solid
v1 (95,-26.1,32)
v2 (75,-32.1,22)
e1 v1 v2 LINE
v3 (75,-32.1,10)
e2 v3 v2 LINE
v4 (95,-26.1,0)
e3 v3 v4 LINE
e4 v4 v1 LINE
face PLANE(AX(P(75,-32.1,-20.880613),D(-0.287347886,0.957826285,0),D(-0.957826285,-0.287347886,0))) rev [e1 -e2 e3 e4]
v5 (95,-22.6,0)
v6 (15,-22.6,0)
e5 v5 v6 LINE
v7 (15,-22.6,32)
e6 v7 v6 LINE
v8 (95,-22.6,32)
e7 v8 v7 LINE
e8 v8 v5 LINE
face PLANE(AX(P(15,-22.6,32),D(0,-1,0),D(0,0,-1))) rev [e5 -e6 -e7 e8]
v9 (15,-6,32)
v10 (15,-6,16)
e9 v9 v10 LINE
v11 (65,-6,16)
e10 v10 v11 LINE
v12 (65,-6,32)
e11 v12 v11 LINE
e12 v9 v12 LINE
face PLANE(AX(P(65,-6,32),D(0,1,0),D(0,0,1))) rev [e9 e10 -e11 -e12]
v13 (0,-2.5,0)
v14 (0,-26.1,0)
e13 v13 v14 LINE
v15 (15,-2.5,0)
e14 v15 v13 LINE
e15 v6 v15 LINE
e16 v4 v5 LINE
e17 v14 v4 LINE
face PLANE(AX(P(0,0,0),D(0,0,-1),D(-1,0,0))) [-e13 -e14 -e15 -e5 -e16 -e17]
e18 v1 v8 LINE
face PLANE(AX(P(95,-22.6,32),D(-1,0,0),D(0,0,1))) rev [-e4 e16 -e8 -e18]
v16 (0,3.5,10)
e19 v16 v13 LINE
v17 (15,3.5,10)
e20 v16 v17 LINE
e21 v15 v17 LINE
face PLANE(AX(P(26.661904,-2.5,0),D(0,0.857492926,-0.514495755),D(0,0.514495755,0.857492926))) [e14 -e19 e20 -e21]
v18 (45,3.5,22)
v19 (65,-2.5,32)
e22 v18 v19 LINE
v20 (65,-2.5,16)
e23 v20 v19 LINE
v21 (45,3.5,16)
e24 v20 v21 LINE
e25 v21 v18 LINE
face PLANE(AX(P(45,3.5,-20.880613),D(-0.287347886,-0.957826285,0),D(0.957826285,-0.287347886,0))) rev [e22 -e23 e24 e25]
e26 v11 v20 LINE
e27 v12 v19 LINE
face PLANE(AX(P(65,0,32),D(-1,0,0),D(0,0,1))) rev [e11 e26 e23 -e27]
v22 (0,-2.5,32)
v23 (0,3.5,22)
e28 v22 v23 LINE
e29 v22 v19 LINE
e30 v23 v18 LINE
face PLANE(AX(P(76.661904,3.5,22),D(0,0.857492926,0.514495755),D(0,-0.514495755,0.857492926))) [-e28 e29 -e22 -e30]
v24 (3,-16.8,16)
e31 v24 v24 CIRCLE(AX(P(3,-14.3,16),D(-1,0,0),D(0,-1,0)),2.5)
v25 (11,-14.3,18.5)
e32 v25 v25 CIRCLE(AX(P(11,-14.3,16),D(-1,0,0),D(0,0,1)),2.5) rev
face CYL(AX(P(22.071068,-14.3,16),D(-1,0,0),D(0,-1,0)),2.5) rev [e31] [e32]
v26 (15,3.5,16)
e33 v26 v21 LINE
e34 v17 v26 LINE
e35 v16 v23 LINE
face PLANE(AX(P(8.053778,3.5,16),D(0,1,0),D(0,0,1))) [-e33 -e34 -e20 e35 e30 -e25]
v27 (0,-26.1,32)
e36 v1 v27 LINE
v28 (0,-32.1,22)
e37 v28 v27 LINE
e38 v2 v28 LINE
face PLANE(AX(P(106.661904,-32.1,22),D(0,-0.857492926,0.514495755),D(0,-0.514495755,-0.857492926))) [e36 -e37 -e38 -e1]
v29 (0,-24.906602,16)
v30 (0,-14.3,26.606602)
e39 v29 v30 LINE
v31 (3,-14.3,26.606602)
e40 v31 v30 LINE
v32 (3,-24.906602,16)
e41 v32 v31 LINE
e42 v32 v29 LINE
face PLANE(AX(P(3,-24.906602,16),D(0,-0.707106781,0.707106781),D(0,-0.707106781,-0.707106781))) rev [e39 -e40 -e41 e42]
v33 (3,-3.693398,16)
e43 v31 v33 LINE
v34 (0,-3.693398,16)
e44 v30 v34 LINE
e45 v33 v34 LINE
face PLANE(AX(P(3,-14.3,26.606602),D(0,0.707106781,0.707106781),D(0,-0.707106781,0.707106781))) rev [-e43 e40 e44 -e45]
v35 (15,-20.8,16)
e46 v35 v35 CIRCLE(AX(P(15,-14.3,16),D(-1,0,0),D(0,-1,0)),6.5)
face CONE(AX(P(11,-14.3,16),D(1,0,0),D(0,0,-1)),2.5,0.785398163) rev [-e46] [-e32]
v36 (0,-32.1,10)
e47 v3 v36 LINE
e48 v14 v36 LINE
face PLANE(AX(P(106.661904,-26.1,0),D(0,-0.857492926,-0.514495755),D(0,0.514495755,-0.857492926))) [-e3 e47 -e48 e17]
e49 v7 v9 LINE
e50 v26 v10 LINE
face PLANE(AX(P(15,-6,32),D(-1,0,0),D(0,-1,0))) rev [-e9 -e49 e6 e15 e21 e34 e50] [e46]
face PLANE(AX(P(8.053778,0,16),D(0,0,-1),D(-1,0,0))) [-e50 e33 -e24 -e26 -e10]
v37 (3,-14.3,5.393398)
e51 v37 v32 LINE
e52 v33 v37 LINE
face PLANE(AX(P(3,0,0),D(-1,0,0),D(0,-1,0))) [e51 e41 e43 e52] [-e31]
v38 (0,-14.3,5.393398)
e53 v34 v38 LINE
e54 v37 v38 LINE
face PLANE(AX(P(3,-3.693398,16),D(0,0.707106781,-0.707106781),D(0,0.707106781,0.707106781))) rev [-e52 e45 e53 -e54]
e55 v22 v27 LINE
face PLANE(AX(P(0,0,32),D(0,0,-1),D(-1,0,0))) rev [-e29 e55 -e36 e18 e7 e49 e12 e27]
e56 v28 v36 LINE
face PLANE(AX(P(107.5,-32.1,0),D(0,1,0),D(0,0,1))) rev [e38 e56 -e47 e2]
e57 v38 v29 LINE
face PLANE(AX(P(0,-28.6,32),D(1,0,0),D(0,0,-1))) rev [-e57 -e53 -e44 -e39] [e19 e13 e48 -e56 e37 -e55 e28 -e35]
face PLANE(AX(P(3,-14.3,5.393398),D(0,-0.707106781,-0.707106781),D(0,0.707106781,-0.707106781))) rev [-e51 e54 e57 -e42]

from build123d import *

# Parameters (mm, degrees)
EXTRUDE_1_DEPTH     = 32
CUT_EXTRUDE_2_DEPTH = 3
SKETCH_4_R          = 2.5
CUT_EXTRUDE_3_DEPTH = 15
CHAMFER_2_SIZE      = 4
SKETCH_6_W          = 6
SKETCH_6_H          = 3.5
EXTRUDE_2_DEPTH     = 50
SKETCH_7_W          = 16
SKETCH_7_H          = 6
CUT_EXTRUDE_5_DEPTH = 50
SKETCH_8_W          = 6
SKETCH_8_H          = 3.5
EXTRUDE_3_DEPTH     = 15
SKETCH_9_W          = 15
SKETCH_9_H          = 3.5
EXTRUDE_4_DEPTH     = 6
SKETCH_10_W         = 6
SKETCH_10_H         = 3.5
EXTRUDE_5_DEPTH     = 95
SKETCH_11_W         = 65
SKETCH_11_H         = 10
SKETCH_11_W_2       = 15
CUT_EXTRUDE_6_DEPTH = 2.5
SKETCH_12_W         = 95
SKETCH_12_H         = 10
CUT_EXTRUDE_7_DEPTH = 2.5
EXTRUDE_6_DEPTH     = 95
EXTRUDE_7_DEPTH     = 65
EXTRUDE_8_DEPTH     = 15
CUT_EXTRUDE_START   = -32
CUT_EXTRUDE_9_DEPTH = 32


with BuildPart() as part:
    # Эскиз2 → Бобышка-Вытянуть1 (new body)
    with BuildSketch(Plane.XY):
        Polygon((0, 0), (65, 0), (65, -6), (15, -6), (15, -22.6), (95, -22.6), (95, -28.6), (0, -28.6), align=None)
    extrude(amount=EXTRUDE_1_DEPTH)

    # Эскиз3 → Вырез-Вытянуть2 (cut)
    with BuildSketch(Plane.ZY):
        Polygon((5.393398282, -14.3), (16, -24.906601718), (26.606601718, -14.3), (16, -3.693398282), align=None)
    extrude(amount=-CUT_EXTRUDE_2_DEPTH, mode=Mode.SUBTRACT)

    # Эскиз4 → Вырез-Вытянуть3 (cut)
    with BuildSketch(Plane.ZY):
        with Locations(Location((16, -14.3, 0), (0, 0, 270))):
            Circle(SKETCH_4_R)
    extrude(amount=-CUT_EXTRUDE_3_DEPTH, mode=Mode.SUBTRACT)

    # Фаска2
    chamfer_2_edges = [part.edges().sort_by_distance(p)[0] for p in [
        (15, -11.8, 16),
    ]]
    chamfer(chamfer_2_edges, length=CHAMFER_2_SIZE)

    # Эскиз6 → Бобышка-Вытянуть2 (add)
    with BuildSketch(Plane(origin=(65, 0, 0), x_dir=(0, 0, -1), z_dir=(1, 0, 0))):
        with Locations((-19, 1.75)):
            Rectangle(SKETCH_6_W, SKETCH_6_H)
    extrude(amount=-EXTRUDE_2_DEPTH)

    # Эскиз7 → Вырез-Вытянуть5 (cut)
    with BuildSketch(Plane(origin=(65, 0, 0), x_dir=(0, 0, -1), z_dir=(1, 0, 0))):
        with Locations((-8, -3)):
            Rectangle(SKETCH_7_W, SKETCH_7_H)
    extrude(amount=-CUT_EXTRUDE_5_DEPTH, mode=Mode.SUBTRACT)

    # Эскиз8 → Бобышка-Вытянуть3 (add)
    with BuildSketch(Plane.ZY.offset(-15)):
        with Locations((19, 1.75)):
            Rectangle(SKETCH_8_W, SKETCH_8_H)
    extrude(amount=EXTRUDE_3_DEPTH)

    # Эскиз9 → Бобышка-Вытянуть4 (add)
    with BuildSketch(Plane(origin=(0, 0, 16), x_dir=(-1, 0, 0), z_dir=(0, 0, -1))):
        with Locations((-7.5, 1.75)):
            Rectangle(SKETCH_9_W, SKETCH_9_H)
    extrude(amount=EXTRUDE_4_DEPTH)

    # Эскиз10 → Бобышка-Вытянуть5 (add)
    with BuildSketch(Plane.ZY):
        with Locations((13, -30.35)):
            Rectangle(SKETCH_10_W, SKETCH_10_H)
        with Locations((19, -30.35)):
            Rectangle(SKETCH_10_W, SKETCH_10_H)
    extrude(amount=-EXTRUDE_5_DEPTH)

    # Эскиз11 → Вырез-Вытянуть6 (cut)
    with BuildSketch(Plane(origin=(0, 0, 0), x_dir=(1, 0, 0), z_dir=(0, 1, 0))):
        with Locations((32.5, -27)):
            Rectangle(SKETCH_11_W, SKETCH_11_H)
        with Locations((7.5, -5)):
            Rectangle(SKETCH_11_W_2, SKETCH_11_H)
    extrude(amount=-CUT_EXTRUDE_6_DEPTH, mode=Mode.SUBTRACT)

    # Эскиз12 → Вырез-Вытянуть7 (cut)
    with BuildSketch(Plane.XZ.offset(28.6)):
        with Locations((47.5, 5)):
            Rectangle(SKETCH_12_W, SKETCH_12_H)
        with Locations((47.5, 27)):
            Rectangle(SKETCH_12_W, SKETCH_12_H)
    extrude(amount=-CUT_EXTRUDE_7_DEPTH, mode=Mode.SUBTRACT)

    # Эскиз13 → Бобышка-Вытянуть6 (add)
    with BuildSketch(Plane.ZY):
        Polygon((0, -26.1), (10, -32.1), (10, -26.1), align=None)
        Polygon((22, -26.1), (22, -32.1), (32, -26.1), align=None)
    extrude(amount=-EXTRUDE_6_DEPTH)

    # Эскиз14 → Бобышка-Вытянуть7 (add)
    with BuildSketch(Plane.ZY):
        Polygon((22, 3.5), (32, -2.5), (22, -2.5), align=None)
    extrude(amount=-EXTRUDE_7_DEPTH)

    # Эскиз15 → Бобышка-Вытянуть8 (add)
    with BuildSketch(Plane.ZY):
        Polygon((10, 3.5), (10, -2.5), (0, -2.5), align=None)
    extrude(amount=-EXTRUDE_8_DEPTH)

    # Эскиз16 → Вырез-Вытянуть9 (cut)
    with BuildSketch(Plane.XY.offset(32).offset(CUT_EXTRUDE_START)):
        Polygon((65, -2.5), (65, 3.5), (45, 3.5), align=None)
        Polygon((95, -26.1), (95, -32.1), (75, -32.1), align=None)
    extrude(amount=CUT_EXTRUDE_9_DEPTH, mode=Mode.SUBTRACT)


solid = part.part
